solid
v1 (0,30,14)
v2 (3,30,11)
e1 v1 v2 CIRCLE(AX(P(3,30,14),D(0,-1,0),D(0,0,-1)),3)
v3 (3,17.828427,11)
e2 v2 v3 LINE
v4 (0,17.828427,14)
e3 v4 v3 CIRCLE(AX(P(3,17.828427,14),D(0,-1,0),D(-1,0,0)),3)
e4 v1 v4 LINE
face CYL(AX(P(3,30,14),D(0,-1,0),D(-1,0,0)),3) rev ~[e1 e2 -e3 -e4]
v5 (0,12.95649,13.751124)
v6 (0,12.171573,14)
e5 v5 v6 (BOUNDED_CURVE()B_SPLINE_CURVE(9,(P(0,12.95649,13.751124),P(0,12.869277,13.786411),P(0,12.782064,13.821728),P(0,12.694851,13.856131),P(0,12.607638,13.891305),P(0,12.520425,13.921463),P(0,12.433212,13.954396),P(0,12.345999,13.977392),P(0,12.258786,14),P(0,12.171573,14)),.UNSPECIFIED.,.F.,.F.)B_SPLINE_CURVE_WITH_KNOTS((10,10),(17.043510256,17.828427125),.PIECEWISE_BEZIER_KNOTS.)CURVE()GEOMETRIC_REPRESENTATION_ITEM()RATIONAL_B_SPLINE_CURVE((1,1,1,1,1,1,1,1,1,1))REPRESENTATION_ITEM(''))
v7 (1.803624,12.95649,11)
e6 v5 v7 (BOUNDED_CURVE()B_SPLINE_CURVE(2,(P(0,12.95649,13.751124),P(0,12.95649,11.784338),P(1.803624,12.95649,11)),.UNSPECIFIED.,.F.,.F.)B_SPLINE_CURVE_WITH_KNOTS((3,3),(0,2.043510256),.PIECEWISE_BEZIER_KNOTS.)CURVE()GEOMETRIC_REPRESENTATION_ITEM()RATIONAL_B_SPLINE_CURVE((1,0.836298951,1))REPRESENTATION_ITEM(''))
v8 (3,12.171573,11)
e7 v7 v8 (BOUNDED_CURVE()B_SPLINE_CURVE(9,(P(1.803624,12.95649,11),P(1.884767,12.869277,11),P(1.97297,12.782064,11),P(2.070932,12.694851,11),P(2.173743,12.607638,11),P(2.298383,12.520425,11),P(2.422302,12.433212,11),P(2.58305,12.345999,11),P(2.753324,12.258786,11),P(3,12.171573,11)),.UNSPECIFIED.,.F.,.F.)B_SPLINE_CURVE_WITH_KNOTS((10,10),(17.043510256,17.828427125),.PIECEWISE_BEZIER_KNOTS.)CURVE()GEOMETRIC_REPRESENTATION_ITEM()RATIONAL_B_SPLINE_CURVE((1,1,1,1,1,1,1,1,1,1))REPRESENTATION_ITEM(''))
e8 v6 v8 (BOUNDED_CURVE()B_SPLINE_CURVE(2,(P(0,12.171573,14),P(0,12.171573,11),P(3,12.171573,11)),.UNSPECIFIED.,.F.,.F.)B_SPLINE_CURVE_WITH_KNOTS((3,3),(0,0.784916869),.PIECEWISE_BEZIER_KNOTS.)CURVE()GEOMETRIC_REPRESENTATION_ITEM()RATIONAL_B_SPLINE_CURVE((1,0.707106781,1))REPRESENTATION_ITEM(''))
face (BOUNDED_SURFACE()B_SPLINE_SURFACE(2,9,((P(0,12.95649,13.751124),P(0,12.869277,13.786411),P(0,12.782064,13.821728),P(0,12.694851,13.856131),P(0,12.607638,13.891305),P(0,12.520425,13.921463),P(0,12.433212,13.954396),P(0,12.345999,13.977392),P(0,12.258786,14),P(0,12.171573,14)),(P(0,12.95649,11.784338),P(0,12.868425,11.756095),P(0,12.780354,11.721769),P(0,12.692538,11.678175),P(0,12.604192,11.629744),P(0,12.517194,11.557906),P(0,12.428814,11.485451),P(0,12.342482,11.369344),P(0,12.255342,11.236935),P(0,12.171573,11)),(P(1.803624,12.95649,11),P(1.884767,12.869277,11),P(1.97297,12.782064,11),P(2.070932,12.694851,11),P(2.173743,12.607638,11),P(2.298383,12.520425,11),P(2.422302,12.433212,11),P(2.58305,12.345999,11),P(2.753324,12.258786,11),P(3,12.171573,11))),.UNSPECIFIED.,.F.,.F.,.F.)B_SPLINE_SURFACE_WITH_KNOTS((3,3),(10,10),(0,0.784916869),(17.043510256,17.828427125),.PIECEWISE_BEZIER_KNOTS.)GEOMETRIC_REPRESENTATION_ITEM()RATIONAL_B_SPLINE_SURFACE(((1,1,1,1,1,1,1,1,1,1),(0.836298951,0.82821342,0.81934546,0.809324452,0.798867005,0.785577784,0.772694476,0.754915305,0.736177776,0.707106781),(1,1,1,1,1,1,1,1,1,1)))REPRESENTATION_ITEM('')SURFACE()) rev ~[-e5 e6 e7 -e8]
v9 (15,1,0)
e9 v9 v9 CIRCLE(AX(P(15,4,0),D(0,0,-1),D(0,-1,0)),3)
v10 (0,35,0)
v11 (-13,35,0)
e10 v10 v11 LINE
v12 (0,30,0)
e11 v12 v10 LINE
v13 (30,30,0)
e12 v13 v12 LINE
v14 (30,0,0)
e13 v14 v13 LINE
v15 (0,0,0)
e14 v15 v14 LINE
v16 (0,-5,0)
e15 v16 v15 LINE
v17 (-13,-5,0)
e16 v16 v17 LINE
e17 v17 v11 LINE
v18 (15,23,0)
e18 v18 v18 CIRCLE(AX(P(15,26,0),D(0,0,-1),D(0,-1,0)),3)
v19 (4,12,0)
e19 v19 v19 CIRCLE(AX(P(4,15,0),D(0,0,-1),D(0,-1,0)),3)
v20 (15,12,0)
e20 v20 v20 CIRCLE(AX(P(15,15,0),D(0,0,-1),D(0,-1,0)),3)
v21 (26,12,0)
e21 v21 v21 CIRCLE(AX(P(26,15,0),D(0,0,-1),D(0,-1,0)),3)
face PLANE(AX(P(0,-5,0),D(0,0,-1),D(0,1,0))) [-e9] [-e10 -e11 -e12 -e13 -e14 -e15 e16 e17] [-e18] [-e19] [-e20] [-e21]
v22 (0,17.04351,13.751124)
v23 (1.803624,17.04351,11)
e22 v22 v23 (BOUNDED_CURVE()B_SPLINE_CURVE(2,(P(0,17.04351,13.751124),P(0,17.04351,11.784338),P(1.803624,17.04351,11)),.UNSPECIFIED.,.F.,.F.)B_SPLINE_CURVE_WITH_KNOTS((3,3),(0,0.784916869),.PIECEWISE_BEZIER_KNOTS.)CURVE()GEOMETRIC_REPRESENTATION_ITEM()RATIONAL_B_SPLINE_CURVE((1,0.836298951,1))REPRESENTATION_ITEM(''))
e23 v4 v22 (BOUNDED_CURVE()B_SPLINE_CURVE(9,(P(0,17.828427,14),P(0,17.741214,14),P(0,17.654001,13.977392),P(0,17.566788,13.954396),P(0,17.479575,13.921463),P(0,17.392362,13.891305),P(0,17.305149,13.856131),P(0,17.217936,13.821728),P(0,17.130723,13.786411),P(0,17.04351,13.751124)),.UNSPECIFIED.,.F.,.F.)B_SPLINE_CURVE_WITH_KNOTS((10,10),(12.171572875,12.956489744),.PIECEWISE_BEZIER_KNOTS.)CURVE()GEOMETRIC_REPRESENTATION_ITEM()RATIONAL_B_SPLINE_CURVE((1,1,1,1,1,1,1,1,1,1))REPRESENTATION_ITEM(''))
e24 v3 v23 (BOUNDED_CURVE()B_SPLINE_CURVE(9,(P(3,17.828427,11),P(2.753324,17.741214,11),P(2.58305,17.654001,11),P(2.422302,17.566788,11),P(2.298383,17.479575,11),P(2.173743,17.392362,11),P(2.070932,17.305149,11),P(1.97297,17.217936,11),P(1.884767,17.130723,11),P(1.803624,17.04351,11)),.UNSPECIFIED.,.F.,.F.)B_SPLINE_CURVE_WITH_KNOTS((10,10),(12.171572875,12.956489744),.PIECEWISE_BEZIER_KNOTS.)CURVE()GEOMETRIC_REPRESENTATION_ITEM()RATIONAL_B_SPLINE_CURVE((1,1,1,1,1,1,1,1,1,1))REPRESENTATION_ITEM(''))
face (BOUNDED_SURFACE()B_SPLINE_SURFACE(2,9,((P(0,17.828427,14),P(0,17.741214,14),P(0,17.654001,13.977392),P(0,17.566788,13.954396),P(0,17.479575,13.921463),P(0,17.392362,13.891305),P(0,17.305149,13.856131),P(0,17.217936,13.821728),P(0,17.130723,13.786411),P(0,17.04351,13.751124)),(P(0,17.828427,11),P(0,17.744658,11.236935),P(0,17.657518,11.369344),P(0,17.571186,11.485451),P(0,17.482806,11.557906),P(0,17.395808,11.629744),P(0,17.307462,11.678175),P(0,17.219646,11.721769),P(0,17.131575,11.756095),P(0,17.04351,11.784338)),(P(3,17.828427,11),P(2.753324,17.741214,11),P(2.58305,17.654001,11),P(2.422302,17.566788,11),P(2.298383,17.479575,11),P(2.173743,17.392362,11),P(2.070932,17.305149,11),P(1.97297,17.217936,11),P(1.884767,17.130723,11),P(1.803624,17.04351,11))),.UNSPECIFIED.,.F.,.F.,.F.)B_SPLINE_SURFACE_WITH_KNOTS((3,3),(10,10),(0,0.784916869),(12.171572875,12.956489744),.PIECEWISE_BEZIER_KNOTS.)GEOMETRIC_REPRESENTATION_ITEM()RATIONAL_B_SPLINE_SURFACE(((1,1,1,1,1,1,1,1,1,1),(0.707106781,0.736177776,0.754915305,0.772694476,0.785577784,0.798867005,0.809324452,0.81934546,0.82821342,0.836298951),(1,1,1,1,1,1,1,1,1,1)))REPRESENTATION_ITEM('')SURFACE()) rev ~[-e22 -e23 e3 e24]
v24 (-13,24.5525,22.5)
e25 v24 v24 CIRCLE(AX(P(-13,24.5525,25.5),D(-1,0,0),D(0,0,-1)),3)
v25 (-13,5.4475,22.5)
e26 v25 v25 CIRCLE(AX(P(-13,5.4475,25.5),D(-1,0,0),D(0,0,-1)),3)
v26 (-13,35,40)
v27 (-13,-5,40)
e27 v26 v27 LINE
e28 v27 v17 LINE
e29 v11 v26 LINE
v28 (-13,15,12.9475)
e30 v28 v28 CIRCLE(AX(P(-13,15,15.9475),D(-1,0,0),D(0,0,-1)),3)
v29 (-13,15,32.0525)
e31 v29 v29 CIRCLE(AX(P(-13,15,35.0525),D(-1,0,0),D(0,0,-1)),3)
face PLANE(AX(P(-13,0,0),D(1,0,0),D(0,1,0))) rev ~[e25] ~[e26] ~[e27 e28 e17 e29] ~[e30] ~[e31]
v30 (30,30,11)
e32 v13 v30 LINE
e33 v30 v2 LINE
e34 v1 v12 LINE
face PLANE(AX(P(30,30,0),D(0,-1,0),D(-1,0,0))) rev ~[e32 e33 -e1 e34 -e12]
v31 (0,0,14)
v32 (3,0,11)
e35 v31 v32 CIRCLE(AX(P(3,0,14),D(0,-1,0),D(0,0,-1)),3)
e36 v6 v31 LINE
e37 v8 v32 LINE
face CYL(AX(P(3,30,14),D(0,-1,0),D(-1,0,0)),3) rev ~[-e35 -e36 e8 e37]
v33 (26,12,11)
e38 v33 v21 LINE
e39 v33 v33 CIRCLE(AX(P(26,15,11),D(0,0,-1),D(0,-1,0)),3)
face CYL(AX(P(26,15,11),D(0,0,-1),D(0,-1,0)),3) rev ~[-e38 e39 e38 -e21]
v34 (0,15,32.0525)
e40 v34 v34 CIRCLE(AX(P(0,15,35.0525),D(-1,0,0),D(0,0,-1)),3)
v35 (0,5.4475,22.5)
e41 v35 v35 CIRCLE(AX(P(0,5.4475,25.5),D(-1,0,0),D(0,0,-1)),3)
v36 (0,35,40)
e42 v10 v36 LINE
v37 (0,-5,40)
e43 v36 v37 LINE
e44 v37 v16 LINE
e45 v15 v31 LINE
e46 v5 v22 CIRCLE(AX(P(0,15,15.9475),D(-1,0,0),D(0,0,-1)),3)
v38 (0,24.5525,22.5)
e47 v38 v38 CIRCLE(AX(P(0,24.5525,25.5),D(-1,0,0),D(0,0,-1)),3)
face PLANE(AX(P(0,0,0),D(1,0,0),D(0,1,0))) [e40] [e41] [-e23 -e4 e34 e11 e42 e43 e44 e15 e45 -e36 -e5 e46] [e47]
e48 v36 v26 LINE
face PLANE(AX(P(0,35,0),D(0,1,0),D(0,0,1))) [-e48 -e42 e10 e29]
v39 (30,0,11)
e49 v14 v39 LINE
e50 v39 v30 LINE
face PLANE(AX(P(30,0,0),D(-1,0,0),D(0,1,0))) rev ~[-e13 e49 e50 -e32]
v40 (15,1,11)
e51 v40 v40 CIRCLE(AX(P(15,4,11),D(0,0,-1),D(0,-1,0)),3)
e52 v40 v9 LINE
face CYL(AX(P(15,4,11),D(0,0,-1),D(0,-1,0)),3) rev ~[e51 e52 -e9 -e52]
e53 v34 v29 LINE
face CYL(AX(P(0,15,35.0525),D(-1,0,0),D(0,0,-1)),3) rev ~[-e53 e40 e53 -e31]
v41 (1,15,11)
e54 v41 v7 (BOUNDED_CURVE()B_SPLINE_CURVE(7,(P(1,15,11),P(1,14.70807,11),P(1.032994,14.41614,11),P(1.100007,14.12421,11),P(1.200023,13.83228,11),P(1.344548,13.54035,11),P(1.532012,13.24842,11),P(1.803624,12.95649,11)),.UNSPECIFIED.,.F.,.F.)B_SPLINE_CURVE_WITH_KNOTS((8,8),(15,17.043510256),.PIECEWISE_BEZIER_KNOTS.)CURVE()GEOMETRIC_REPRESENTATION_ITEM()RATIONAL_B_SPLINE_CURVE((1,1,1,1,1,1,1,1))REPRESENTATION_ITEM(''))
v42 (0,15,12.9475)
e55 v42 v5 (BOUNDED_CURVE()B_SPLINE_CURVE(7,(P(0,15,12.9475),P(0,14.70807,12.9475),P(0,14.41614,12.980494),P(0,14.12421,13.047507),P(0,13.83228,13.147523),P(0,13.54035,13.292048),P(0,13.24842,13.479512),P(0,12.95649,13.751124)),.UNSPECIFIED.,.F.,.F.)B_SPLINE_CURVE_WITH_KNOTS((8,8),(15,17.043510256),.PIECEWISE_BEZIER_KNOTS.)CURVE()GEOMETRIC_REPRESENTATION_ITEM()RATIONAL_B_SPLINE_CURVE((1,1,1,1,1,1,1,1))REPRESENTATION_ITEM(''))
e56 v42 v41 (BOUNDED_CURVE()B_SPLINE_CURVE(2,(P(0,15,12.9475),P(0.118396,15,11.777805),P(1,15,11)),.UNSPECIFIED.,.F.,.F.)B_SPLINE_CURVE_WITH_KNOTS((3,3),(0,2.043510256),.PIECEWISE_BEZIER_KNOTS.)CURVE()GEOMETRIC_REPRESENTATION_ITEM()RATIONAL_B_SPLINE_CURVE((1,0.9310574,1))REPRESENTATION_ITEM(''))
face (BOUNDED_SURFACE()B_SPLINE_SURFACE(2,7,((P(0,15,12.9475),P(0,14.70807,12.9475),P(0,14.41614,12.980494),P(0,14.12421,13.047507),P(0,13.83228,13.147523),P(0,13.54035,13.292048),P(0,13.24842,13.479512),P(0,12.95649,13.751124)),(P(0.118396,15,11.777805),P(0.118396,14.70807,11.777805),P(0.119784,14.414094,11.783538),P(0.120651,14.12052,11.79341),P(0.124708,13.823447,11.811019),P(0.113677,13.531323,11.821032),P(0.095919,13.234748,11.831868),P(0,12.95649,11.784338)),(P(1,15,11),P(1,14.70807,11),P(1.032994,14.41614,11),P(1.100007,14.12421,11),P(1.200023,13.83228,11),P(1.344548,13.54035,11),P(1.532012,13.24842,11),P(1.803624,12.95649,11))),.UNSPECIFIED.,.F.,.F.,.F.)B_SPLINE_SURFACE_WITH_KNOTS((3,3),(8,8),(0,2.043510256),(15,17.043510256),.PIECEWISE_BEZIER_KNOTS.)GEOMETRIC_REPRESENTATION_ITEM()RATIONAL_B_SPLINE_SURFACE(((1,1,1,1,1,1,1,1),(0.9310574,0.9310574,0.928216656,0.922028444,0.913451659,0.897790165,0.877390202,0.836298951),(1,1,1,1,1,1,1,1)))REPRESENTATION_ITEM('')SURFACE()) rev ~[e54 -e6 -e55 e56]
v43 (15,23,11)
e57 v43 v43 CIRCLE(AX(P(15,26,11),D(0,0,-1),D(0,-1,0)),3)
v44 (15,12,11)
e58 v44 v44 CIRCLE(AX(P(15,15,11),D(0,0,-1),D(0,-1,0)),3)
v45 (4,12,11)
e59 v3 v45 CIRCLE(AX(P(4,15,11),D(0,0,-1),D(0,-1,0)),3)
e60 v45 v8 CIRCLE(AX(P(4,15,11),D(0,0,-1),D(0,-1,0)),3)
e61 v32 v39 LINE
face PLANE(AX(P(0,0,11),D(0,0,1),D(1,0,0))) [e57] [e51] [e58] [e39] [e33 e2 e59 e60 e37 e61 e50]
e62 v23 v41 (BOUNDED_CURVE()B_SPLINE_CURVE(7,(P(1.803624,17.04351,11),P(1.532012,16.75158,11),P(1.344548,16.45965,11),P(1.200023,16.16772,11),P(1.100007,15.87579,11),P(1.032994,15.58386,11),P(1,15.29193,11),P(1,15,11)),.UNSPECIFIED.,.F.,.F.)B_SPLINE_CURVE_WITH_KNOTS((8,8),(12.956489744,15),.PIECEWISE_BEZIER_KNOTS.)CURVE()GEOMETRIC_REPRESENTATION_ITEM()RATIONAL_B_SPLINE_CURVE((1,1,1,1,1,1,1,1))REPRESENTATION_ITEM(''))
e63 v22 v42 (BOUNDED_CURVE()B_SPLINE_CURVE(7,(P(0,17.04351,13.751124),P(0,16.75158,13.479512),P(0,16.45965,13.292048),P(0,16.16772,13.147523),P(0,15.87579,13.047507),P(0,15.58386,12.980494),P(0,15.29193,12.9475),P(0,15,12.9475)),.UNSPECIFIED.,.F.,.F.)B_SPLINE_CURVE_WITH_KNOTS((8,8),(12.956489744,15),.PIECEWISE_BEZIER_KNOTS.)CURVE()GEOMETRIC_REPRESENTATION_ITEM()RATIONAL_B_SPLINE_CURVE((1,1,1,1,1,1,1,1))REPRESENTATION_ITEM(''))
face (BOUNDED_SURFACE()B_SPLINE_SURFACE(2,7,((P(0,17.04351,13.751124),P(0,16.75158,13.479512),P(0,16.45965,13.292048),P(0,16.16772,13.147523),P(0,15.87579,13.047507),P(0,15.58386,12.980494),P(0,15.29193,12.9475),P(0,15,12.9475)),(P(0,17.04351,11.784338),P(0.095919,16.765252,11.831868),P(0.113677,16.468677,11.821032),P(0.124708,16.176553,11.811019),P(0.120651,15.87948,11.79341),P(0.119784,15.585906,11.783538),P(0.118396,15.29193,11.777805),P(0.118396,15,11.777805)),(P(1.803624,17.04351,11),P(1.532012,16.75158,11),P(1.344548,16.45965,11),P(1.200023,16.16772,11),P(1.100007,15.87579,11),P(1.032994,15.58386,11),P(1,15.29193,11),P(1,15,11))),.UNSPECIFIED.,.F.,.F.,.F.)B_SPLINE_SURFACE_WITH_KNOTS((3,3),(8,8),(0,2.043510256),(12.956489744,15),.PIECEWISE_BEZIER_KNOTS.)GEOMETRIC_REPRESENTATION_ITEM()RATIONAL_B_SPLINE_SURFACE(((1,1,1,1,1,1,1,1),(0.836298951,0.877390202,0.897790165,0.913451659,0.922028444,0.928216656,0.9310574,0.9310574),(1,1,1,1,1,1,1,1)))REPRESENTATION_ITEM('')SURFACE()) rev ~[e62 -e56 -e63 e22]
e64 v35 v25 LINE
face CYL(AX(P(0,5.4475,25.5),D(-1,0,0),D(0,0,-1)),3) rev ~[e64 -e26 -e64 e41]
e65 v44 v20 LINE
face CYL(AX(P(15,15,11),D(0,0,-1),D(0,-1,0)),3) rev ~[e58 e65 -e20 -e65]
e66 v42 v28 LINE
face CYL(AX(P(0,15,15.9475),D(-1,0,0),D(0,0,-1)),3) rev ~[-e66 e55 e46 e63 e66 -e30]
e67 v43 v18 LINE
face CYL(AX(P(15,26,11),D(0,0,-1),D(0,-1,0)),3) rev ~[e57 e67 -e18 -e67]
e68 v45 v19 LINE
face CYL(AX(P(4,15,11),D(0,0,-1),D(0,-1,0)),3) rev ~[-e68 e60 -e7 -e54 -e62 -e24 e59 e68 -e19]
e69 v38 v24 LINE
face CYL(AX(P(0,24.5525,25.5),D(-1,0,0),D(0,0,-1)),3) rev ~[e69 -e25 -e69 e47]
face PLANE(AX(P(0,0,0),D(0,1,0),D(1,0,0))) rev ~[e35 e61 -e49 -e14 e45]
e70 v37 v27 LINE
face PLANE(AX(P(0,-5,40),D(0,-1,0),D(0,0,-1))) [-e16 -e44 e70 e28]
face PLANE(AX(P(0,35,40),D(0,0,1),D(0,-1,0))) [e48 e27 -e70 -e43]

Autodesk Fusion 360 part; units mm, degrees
sketch "Sketch1" plane through (0, 0, 0) normal (0, 0, 1) x (1, 0, 0)
  line L0 (0, 0) -> (30, 0)
  line L1 (30, 0) -> (30, 30)
  line L2 (30, 30) -> (0, 30)
  line L3 (0, 30) -> (0, 0)
  dimension "d10" = 30
  dimension "d11" = 30
extrude "Extrude1" add sketch "Sketch1" along normal blind 11
sketch "Sketch2" plane through (0, 0, 0) normal (1, 0, 0) x (0, 1, 0)
  line L0 (-5, 0) -> (35, 0)
  line L1 (35, 0) -> (35, 40)
  line L2 (35, 40) -> (-5, 40)
  line L3 (-5, 40) -> (-5, 0)
  dimension "d14" = 40
  dimension "d15" = 40
extrude "Extrude2" add sketch "Sketch2" against normal blind 13
hole "Hole1" at (15, 15, 11) direction (0, 0, -1) diameter 6 depth 15 tip angle 118
sketch "Sketch3" plane through (0, 0, 11) normal (0, 0, 1) x (-1, 0, 0)
  circle A0 centre (-15, -15) radius 3
  line L0 (0, -30) -> (0, 0)
  line L1 (0, 0) -> (-30, 0)
  line L2 (-30, 0) -> (-30, -30)
  line L3 (-30, -30) -> (0, -30)
  circle A1 centre (-15, -15) radius 11
  circle A2 centre (-4, -15) radius 1 construction
  circle A3 centre (-15, -26) radius 0.8867 construction
  circle A4 centre (-26, -15) radius 1 construction
  circle A5 centre (-15, -4) radius 0.9365 construction
  dimension "d23" = 22
hole "Hole2" at (4, 15, 11) at (15, 26, 11) at (26, 15, 11) at (15, 4, 11) direction (0, 0, -1) diameter 6 end through all
sketch "Sketch4" plane through (0, 0, 0) normal (1, 0, 0) x (0, 1, 0)
  line L0 (30, 11) -> (30, 0)
  line L1 (30, 0) -> (35, 0)
  line L2 (35, 0) -> (35, 40)
  line L3 (35, 40) -> (-5, 40)
  line L4 (-5, 40) -> (-5, 0)
  line L5 (-5, 0) -> (0, 0)
  line L6 (0, 0) -> (0, 11)
  line L7 (0, 11) -> (30, 11)
  line L8 (15, 40) -> (15, 11) construction
  line L9 (15, 25.5) -> (-5, 25.5) construction
  line L10 (15, 25.5) -> (35, 25.5) construction
  circle A0 centre (15, 25.5) radius 9.5525 construction
  circle A1 centre (15, 35.0525) radius 0.9475 construction
  circle A2 centre (24.5525, 25.5) radius 0.7982 construction
  circle A3 centre (15, 15.9475) radius 1.0525 construction
  circle A4 centre (5.4475, 25.5) radius 0.8032 construction
hole "Hole3" at (0, 15, 35.0525) at (0, 24.5525, 25.5) at (0, 15, 15.9475) at (0, 5.4475, 25.5) direction (-1, 0, 0) diameter 6 end through all
fillet "Fillet1" radius 3 1 edges at (0, 15, 11)
ref_plane "WorkPlane1" through (15, 15, 7) normal (0, -1, 0) x (1, 0, 0)
sketch "Sketch5" plane through (0, 15, 0) normal (0, -1, 0) x (-1, 0, 0)
equation "b1 = 30 mm"
equation "h1 = 11 mm"
equation "L1 = 30 mm"
equation "b2 = 40 mm"
equation "h2 = 13 mm"
equation "L2 = 40 mm"
equation "hole_wall = 3.4 mm"
equation "hole_motor = 3.4 mm"
equation "hole_shaft = 6 mm"
equation "d10 = b1"
equation "d11 = L1"
equation "d12 = h1"
equation "d14 = b2"
equation "d15 = L2"
equation "d16 = -h2"
equation "d19 = hole_shaft"
